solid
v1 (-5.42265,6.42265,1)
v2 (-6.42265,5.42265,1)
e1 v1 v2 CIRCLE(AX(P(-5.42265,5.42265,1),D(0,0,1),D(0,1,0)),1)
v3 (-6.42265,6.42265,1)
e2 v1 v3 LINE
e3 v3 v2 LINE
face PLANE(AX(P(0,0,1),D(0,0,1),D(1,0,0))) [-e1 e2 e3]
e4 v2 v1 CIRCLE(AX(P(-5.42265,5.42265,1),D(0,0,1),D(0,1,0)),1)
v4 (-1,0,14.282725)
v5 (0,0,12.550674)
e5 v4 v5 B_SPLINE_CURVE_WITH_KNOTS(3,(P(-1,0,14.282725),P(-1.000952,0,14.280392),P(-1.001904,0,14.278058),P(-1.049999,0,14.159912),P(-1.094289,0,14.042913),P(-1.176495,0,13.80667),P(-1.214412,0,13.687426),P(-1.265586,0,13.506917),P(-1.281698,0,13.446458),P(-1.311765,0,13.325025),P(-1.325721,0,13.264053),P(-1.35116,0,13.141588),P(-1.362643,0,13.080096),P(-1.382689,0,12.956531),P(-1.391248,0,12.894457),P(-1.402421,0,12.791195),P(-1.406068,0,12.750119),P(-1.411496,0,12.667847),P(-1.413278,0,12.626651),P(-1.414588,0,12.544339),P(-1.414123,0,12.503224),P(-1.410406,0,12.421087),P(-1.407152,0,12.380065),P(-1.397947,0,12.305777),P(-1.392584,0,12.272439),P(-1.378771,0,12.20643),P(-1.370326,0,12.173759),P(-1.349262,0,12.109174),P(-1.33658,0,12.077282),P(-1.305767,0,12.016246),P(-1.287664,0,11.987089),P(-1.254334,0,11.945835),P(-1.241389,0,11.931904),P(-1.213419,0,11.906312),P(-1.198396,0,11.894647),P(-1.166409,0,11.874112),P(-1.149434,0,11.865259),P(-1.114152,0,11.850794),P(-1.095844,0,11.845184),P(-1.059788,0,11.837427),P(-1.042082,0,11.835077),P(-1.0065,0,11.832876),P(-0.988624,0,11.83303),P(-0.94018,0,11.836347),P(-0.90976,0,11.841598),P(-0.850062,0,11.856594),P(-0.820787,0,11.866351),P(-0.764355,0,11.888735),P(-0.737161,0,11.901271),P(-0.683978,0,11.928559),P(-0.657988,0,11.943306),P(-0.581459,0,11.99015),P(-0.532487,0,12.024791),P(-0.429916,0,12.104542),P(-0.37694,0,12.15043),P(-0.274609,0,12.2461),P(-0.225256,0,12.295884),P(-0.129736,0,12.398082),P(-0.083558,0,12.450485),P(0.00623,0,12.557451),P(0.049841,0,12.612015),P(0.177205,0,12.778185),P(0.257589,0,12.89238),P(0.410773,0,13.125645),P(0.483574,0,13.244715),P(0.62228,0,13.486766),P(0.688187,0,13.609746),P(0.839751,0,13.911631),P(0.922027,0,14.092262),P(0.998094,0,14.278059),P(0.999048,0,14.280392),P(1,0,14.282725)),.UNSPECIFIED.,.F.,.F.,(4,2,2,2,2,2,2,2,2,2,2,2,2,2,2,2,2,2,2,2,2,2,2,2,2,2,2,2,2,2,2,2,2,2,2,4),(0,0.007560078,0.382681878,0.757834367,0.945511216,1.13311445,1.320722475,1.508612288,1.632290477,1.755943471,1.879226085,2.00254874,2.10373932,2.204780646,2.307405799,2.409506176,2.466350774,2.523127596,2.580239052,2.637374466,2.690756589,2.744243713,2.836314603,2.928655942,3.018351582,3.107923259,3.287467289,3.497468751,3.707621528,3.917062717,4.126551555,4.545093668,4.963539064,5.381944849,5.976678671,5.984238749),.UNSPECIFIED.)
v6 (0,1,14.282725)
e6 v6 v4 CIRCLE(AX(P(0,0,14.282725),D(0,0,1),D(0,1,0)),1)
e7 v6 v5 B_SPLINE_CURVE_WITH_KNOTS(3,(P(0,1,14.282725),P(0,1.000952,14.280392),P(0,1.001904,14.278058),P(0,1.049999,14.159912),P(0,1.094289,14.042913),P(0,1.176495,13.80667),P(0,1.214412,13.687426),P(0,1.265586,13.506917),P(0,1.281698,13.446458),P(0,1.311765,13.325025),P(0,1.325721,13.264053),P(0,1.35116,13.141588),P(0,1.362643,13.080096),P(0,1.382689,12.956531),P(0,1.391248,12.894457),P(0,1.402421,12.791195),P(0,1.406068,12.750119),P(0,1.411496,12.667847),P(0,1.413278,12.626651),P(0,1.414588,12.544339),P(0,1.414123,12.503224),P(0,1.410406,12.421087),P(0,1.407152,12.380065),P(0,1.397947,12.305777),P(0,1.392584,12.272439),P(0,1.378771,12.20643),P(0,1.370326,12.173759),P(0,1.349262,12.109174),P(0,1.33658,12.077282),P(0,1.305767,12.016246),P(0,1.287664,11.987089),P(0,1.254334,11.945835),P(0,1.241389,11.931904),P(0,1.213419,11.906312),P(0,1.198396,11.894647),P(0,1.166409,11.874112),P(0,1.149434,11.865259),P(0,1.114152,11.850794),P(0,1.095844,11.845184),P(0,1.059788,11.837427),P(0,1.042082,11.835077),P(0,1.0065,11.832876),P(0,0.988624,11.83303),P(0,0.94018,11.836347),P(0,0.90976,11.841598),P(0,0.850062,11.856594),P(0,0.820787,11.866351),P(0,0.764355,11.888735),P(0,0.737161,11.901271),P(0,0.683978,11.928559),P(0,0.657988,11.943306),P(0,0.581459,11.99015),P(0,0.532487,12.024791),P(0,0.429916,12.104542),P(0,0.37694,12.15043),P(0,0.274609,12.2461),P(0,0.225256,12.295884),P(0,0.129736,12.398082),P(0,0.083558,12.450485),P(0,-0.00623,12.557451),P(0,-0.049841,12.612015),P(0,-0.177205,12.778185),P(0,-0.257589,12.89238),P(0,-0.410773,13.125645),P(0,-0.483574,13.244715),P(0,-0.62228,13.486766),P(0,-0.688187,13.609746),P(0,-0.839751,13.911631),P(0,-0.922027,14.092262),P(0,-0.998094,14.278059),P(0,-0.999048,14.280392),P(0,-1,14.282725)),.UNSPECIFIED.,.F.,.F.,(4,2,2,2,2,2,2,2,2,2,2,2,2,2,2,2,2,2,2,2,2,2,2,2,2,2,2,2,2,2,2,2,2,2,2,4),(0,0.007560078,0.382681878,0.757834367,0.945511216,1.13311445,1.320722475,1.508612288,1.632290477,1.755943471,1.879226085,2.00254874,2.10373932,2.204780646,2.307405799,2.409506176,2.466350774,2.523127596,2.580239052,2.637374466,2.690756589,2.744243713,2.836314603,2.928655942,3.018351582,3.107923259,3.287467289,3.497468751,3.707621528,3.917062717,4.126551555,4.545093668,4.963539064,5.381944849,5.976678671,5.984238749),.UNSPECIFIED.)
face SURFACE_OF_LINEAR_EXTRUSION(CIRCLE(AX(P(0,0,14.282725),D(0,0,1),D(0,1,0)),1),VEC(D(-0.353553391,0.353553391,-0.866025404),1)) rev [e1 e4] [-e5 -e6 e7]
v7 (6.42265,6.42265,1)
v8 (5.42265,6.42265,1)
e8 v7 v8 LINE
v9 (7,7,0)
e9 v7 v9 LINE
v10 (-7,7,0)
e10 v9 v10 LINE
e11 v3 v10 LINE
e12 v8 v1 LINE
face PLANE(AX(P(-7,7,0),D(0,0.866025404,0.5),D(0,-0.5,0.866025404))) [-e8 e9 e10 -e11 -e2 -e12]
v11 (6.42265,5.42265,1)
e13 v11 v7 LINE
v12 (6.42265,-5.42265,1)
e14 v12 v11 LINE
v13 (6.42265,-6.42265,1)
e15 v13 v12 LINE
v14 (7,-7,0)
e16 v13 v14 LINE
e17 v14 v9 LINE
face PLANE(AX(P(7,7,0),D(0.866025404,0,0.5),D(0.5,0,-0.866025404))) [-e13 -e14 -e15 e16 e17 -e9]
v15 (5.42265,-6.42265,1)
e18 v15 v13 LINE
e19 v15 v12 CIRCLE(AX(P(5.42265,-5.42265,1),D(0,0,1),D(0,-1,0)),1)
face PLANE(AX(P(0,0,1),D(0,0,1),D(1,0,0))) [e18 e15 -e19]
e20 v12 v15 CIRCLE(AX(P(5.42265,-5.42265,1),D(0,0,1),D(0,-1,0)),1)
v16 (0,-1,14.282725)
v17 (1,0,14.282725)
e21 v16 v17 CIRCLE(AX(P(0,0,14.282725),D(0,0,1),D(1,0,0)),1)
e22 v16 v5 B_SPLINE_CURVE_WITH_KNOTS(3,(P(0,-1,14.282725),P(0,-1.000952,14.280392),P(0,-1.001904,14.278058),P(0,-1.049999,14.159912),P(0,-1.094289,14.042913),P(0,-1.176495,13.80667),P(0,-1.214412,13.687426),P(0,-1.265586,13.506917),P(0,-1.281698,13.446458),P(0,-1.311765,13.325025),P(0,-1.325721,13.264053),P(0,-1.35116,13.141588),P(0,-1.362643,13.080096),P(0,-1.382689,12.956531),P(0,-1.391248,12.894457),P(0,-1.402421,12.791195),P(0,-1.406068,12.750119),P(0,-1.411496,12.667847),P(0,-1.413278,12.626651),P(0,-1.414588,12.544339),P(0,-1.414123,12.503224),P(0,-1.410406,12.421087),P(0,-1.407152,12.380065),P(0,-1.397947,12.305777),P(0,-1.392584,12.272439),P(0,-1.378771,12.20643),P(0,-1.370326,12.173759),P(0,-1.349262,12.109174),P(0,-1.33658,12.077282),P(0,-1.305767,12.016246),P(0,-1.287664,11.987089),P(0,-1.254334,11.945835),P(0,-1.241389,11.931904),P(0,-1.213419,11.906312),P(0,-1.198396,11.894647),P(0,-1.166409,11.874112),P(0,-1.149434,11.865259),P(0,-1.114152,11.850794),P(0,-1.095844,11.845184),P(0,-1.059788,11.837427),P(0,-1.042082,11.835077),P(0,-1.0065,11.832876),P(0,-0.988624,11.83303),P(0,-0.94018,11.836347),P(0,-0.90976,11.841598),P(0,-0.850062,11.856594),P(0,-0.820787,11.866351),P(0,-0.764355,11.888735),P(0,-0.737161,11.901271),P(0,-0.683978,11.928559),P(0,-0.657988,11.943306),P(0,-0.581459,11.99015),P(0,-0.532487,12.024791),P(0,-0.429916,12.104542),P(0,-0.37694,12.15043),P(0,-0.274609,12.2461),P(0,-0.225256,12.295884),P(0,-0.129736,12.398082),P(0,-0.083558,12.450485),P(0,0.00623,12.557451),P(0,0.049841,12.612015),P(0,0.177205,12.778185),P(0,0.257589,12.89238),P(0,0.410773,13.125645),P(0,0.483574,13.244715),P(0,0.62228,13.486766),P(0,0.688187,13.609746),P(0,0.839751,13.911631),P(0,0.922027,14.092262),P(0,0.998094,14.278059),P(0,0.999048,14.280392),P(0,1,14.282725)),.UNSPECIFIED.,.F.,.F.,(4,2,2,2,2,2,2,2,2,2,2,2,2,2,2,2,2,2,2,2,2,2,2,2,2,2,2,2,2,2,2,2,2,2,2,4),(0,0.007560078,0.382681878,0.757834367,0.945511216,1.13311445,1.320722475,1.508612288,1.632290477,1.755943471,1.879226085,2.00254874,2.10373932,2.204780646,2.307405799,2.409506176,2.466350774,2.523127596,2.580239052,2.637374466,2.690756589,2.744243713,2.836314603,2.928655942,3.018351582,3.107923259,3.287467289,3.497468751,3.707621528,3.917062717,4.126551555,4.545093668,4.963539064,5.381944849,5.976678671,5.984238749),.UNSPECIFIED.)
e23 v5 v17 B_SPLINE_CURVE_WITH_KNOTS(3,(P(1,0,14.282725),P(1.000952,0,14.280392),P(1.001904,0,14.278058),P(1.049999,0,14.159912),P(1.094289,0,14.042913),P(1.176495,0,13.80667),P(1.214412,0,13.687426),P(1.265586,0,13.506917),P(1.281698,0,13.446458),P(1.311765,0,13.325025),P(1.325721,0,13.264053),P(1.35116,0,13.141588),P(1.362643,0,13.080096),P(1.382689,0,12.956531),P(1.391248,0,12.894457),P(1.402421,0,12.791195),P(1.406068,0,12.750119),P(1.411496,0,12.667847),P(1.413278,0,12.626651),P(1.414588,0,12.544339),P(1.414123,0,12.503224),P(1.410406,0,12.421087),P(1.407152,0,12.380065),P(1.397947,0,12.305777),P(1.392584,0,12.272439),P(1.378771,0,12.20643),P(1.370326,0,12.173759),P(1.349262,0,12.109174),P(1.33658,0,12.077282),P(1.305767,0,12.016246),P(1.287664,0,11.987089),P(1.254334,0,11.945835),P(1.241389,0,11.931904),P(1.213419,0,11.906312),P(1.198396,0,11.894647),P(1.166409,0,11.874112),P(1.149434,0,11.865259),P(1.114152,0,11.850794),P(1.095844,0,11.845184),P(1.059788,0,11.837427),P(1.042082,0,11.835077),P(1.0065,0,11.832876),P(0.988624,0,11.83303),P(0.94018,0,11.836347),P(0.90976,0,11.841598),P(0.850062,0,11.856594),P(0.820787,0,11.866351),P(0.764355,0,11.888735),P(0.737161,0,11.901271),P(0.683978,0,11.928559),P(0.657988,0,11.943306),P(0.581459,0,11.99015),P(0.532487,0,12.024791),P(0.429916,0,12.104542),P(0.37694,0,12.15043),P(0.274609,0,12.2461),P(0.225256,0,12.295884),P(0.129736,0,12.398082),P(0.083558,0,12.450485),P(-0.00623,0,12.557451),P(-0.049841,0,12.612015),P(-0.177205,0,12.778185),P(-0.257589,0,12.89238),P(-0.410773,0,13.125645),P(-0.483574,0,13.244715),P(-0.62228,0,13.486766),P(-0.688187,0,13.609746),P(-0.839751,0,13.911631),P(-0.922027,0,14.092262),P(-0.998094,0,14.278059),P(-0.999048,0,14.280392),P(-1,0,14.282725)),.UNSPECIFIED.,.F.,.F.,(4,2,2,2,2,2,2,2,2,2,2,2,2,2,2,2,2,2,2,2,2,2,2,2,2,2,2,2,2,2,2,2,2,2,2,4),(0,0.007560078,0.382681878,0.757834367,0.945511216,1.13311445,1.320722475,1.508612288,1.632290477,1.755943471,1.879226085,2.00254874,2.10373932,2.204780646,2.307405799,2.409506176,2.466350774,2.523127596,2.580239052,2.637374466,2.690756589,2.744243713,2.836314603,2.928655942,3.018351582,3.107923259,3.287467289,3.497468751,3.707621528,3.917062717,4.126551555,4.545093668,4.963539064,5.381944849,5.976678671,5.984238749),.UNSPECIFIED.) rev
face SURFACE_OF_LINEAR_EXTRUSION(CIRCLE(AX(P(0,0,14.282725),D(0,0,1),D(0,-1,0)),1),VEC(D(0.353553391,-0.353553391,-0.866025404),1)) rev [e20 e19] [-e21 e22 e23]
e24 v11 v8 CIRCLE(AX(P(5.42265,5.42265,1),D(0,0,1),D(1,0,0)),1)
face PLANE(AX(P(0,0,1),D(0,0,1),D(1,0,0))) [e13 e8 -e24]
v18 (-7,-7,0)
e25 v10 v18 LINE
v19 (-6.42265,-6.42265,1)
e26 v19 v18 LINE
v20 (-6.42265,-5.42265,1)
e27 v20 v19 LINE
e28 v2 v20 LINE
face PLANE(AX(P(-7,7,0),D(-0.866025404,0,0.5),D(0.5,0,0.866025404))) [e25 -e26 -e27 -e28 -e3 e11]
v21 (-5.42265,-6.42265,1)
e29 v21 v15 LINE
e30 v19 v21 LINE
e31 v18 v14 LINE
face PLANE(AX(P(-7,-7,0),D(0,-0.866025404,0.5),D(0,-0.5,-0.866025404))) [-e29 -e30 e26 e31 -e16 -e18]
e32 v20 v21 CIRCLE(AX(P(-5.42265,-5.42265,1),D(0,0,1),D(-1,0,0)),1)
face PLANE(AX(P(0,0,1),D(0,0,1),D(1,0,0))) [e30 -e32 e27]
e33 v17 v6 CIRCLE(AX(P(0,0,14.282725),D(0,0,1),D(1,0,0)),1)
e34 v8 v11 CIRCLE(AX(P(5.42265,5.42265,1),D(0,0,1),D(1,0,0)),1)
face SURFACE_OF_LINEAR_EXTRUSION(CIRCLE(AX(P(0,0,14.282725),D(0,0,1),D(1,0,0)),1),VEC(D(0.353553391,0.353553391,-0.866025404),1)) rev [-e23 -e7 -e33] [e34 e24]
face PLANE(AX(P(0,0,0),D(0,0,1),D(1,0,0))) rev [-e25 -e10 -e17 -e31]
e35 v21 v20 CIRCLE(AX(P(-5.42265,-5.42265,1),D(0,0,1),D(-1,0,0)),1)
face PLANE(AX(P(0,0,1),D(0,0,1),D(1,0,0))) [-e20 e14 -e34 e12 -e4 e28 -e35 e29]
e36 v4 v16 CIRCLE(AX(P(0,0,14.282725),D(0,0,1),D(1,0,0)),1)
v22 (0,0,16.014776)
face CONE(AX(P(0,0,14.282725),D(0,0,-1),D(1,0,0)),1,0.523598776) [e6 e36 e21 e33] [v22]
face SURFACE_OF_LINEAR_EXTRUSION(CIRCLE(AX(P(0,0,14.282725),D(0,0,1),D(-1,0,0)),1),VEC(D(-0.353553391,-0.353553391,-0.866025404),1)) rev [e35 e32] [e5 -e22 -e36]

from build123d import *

# Parameters (mm, degrees)
SKETCH1_W           = 14
SKETCH1_H           = 14
BOSS_EXTRUDE1_DEPTH = 1
BOSS_EXTRUDE1_TAPER = 30
SKETCH2_R           = 1
CIRPATTERN1_COUNT   = 4
SKETCH4_R           = 1
BOSS_EXTRUDE2_DEPTH = 10
BOSS_EXTRUDE2_TAPER = 30


with BuildPart() as part:
    # Sketch1 → Boss-Extrude1 (new body)
    with BuildSketch(Plane.XY):
        Rectangle(SKETCH1_W, SKETCH1_H)
    extrude(amount=BOSS_EXTRUDE1_DEPTH, taper=BOSS_EXTRUDE1_TAPER)

    # Sweep1: sweep along a path in Sketch3
    with BuildLine(Plane(origin=(0, 0, 0), x_dir=(0, 0, -1), z_dir=(0.7071067811865476, -0.7071067811865475, 0))) as sweep1_path:
        Line((-1, 7.668784793), (-14.282724894, 0))
    # Sketch2 → Sweep1 (sweep)
    with BuildSketch(Plane.XY.offset(1)):
        with Locations((5.422649731, 5.422649731)):
            Circle(SKETCH2_R)
    sweep1 = sweep(path=sweep1_path.line)

    # CirPattern1: Sweep1 ×4 about axis
    cirpattern1_axis = Axis((0, 0, -4.23184126), (0, 0, 1))
    for i in range(1, CIRPATTERN1_COUNT):
        add(sweep1.rotate(cirpattern1_axis, i * 360 / CIRPATTERN1_COUNT))

    # Sketch4 → Boss-Extrude2 (add)
    with BuildSketch(Plane.XY.offset(14.282724894)):
        Circle(SKETCH4_R)
    extrude(amount=BOSS_EXTRUDE2_DEPTH, taper=BOSS_EXTRUDE2_TAPER)


solid = part.part
